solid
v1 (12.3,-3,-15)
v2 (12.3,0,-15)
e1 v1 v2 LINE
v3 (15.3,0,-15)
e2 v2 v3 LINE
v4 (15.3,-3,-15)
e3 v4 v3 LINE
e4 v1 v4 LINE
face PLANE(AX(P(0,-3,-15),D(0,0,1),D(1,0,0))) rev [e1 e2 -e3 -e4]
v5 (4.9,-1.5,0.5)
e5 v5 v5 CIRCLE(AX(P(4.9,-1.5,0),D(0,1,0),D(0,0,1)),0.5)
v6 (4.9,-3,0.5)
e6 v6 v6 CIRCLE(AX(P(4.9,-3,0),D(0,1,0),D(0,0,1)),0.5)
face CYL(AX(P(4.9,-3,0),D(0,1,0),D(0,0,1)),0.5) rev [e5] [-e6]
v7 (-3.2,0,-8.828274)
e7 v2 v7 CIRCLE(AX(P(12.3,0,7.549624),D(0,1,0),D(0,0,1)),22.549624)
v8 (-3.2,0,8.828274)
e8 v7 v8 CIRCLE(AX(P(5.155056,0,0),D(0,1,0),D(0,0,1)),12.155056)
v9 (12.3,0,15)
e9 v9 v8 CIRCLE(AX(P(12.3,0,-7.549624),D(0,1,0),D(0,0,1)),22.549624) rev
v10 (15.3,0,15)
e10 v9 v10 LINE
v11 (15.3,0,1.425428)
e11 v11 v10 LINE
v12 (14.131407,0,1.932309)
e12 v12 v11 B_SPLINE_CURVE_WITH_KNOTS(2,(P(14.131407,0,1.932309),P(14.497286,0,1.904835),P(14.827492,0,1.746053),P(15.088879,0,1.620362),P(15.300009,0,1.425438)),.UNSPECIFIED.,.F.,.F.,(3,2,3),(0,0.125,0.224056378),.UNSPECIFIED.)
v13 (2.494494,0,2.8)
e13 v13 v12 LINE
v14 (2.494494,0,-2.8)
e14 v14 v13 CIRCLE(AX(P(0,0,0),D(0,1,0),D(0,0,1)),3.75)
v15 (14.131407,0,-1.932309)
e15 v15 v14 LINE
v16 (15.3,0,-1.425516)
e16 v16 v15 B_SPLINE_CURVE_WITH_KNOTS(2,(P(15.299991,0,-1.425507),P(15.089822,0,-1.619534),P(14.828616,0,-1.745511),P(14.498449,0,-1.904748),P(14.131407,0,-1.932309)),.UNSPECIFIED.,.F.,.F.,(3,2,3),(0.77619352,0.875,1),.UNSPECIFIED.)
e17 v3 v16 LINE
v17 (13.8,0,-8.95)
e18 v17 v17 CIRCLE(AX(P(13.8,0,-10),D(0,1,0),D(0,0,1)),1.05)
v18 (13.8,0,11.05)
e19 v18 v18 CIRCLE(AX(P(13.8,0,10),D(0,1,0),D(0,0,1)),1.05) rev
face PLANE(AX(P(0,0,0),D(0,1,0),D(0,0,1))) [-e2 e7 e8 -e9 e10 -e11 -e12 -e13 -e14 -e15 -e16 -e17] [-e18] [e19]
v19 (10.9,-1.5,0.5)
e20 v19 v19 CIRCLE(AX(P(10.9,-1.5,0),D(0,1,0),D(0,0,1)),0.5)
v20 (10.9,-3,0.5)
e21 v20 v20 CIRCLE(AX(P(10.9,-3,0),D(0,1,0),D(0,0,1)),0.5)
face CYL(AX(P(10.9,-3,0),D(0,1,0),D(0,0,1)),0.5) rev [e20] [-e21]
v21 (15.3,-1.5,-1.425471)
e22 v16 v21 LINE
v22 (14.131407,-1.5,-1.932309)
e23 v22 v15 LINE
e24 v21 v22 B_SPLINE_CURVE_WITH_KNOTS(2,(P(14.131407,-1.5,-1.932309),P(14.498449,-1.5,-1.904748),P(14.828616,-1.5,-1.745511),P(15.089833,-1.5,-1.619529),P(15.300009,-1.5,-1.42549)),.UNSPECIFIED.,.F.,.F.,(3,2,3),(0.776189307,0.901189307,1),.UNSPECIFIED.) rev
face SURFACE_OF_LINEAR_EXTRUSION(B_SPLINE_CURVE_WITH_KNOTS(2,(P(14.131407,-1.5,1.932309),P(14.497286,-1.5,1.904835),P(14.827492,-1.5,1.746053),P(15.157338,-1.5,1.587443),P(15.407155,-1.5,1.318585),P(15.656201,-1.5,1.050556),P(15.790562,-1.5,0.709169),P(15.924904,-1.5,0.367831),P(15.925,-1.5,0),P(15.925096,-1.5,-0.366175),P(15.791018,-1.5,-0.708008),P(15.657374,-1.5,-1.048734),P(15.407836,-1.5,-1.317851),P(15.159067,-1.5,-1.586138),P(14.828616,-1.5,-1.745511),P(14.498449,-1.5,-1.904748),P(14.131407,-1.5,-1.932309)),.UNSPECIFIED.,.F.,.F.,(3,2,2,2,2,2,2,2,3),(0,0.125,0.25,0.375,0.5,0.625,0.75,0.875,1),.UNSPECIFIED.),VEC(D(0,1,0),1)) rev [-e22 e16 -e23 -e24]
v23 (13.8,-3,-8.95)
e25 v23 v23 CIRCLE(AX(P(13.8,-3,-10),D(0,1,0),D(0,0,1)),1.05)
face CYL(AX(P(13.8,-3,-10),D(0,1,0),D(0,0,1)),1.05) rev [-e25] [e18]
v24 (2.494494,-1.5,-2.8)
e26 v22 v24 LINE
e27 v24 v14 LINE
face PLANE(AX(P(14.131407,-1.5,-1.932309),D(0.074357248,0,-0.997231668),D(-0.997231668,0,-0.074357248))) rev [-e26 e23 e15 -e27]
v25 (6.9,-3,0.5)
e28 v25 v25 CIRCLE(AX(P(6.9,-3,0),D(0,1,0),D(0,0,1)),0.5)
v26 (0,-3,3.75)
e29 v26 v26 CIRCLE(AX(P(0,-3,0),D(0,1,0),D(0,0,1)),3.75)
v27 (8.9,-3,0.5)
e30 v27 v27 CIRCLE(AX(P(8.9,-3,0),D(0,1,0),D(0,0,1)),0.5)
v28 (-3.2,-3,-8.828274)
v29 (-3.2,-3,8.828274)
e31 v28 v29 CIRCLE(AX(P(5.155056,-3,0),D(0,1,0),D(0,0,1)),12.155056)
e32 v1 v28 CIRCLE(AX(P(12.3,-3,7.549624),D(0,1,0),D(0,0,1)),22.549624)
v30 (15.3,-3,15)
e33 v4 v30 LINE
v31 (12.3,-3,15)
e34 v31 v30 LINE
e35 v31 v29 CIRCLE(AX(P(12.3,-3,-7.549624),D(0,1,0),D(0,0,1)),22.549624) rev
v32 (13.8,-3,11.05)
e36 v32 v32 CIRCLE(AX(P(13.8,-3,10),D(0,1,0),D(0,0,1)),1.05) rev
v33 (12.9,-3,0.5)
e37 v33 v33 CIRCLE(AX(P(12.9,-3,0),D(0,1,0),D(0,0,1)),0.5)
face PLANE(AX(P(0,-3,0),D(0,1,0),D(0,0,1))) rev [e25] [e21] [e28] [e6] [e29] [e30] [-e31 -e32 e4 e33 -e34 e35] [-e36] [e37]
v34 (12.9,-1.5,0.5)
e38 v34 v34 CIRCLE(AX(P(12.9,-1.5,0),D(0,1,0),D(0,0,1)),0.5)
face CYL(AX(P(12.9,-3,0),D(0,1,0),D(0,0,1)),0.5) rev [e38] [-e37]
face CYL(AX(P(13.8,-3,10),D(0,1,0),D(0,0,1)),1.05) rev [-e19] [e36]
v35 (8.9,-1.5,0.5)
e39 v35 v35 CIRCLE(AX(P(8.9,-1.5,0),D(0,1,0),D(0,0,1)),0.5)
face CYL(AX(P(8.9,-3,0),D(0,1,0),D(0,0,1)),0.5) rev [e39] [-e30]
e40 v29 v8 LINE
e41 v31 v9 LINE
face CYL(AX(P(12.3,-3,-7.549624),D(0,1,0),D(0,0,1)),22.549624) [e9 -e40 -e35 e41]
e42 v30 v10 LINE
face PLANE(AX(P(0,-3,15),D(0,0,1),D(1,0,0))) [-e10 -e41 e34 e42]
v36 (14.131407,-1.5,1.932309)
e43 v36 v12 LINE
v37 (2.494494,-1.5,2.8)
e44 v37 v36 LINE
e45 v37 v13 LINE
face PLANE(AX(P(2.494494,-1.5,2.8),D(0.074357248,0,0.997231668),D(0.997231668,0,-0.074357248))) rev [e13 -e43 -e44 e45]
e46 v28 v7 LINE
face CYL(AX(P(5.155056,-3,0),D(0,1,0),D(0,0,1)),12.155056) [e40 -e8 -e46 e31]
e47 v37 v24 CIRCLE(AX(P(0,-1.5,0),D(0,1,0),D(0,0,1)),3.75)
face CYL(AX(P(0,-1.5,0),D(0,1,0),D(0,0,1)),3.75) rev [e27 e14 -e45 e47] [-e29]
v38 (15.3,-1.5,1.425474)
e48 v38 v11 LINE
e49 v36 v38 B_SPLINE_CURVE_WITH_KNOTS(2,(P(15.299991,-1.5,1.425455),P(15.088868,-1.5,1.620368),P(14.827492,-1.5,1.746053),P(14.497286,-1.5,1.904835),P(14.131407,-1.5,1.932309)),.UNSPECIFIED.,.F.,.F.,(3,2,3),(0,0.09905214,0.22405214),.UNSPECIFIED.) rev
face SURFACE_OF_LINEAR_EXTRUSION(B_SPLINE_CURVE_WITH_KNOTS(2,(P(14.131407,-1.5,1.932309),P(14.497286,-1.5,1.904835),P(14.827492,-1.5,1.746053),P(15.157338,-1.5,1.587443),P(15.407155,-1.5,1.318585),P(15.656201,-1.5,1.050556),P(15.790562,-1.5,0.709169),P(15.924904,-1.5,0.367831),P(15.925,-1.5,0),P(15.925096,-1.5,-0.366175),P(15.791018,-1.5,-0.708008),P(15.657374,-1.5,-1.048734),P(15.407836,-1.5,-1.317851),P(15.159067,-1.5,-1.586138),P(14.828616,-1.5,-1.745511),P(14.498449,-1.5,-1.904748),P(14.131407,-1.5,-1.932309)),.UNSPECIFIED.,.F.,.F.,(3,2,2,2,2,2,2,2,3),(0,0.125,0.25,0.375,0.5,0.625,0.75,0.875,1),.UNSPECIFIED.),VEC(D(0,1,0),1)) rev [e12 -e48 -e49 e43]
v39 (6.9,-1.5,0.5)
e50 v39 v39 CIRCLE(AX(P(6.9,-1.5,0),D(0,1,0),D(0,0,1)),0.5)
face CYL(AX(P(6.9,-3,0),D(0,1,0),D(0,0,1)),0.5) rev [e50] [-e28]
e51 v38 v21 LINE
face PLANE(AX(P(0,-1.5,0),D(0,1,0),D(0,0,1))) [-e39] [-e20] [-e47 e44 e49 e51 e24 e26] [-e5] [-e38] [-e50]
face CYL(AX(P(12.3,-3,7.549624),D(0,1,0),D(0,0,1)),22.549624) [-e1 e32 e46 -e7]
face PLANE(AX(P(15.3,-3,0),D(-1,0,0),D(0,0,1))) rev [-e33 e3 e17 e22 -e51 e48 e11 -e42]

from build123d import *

# Parameters (mm, degrees)
SKETCH1_R               = 1.05
SKETCH1_R_2             = 2.35
BOSS_EXTRUDE1_DEPTH     = 3
ENL_V_MAT_EXTRU_1_DEPTH = 1.5
ESQUISSE3_R             = 0.5
ESQUISSE3_R_2           = 3.75
ENL_V_MAT_EXTRU_7_DEPTH = 22.478826932


with BuildPart() as part:
    # Sketch1 → Boss-Extrude1 (new body)
    with BuildSketch(Plane(origin=(0, 0, 0), x_dir=(1, 0, 0), z_dir=(0, 1, 0))):
        with BuildLine():
            Line((15.3, 15), (12.3, 15))
            ThreePointArc((12.3, 15), (3.958234572, 13.40032808), (-3.2, 8.828273999))
            ThreePointArc((-3.2, 8.828273999), (-7, 0), (-3.2, -8.828273999))
            ThreePointArc((-3.2, -8.828273999), (3.958234572, -13.40032808), (12.3, -15))
            Line((12.3, -15), (15.3, -15))
            Line((15.3, -15), (15.3, 15))
        make_face()
        with Locations(Location((13.8, -10, 0), (0, 0, 270))):
            Circle(SKETCH1_R, mode=Mode.SUBTRACT)
        with Locations(Location((13.8, 10, 0), (0, 0, 270))):
            Circle(SKETCH1_R, mode=Mode.SUBTRACT)
        with Locations(Location((0, 0, 0), (0, 0, 270))):
            Circle(SKETCH1_R_2, mode=Mode.SUBTRACT)
    extrude(amount=-BOSS_EXTRUDE1_DEPTH)

    # Esquisse1 → Enlèv. mat.-Extru.1 (cut)
    with BuildSketch(Plane(origin=(0, 0, 0), x_dir=(1, 0, 0), z_dir=(0, 1, 0))):
        with BuildLine():
            Line((2.494493937, -2.8), (14.131406802, -1.932309126))
            add(Edge.make_bspline(
                [(14.131406802, -1.932309126), (14.497286128, -1.904835216), (14.827491954, -1.746052706), (15.157338026, -1.587443187), (15.407154881, -1.318584734), (15.656200737, -1.050556048), (15.790562016, -0.709168668), (15.92490372, -0.367831024), (15.925, 0), (15.925095847, 0.366175279), (15.791018176, 0.708007672), (15.657374187, 1.048734388), (15.407835717, 1.317851242), (15.159067388, 1.586137532), (14.828615817, 1.74551148), (14.498449498, 1.904747853), (14.131406802, 1.932309126)],
                knots=[0, 0, 0, 0.125, 0.125, 0.25, 0.25, 0.375, 0.375, 0.5, 0.5, 0.625, 0.625, 0.75, 0.75, 0.875, 0.875, 1, 1, 1], degree=2))
            Line((14.131406802, 1.932309126), (2.494493937, 2.8))
            ThreePointArc((2.494493937, 2.8), (-3.75, 0), (2.494493937, -2.8))
        make_face()
    extrude(amount=-ENL_V_MAT_EXTRU_1_DEPTH, mode=Mode.SUBTRACT)

    # Esquisse3 → Enlèv. mat.-Extru.7 (cut, through all)
    with BuildSketch(Plane(origin=(0, -1.5, 0), x_dir=(1, 0, 0), z_dir=(0, 1, 0))):
        with Locations(Location((4.9, 0, 0), (0, 0, 270))):
            Circle(ESQUISSE3_R)
        with Locations(Location((6.9, 0, 0), (0, 0, 270))):
            Circle(ESQUISSE3_R)
        with Locations(Location((8.9, 0, 0), (0, 0, 270))):
            Circle(ESQUISSE3_R)
        with Locations(Location((10.9, 0, 0), (0, 0, 270))):
            Circle(ESQUISSE3_R)
        with Locations(Location((12.9, 0, 0), (0, 0, 270))):
            Circle(ESQUISSE3_R)
        with Locations(Location((0, 0, 0), (0, 0, 270))):
            Circle(ESQUISSE3_R_2)
    extrude(amount=-ENL_V_MAT_EXTRU_7_DEPTH, mode=Mode.SUBTRACT)


solid = part.part
